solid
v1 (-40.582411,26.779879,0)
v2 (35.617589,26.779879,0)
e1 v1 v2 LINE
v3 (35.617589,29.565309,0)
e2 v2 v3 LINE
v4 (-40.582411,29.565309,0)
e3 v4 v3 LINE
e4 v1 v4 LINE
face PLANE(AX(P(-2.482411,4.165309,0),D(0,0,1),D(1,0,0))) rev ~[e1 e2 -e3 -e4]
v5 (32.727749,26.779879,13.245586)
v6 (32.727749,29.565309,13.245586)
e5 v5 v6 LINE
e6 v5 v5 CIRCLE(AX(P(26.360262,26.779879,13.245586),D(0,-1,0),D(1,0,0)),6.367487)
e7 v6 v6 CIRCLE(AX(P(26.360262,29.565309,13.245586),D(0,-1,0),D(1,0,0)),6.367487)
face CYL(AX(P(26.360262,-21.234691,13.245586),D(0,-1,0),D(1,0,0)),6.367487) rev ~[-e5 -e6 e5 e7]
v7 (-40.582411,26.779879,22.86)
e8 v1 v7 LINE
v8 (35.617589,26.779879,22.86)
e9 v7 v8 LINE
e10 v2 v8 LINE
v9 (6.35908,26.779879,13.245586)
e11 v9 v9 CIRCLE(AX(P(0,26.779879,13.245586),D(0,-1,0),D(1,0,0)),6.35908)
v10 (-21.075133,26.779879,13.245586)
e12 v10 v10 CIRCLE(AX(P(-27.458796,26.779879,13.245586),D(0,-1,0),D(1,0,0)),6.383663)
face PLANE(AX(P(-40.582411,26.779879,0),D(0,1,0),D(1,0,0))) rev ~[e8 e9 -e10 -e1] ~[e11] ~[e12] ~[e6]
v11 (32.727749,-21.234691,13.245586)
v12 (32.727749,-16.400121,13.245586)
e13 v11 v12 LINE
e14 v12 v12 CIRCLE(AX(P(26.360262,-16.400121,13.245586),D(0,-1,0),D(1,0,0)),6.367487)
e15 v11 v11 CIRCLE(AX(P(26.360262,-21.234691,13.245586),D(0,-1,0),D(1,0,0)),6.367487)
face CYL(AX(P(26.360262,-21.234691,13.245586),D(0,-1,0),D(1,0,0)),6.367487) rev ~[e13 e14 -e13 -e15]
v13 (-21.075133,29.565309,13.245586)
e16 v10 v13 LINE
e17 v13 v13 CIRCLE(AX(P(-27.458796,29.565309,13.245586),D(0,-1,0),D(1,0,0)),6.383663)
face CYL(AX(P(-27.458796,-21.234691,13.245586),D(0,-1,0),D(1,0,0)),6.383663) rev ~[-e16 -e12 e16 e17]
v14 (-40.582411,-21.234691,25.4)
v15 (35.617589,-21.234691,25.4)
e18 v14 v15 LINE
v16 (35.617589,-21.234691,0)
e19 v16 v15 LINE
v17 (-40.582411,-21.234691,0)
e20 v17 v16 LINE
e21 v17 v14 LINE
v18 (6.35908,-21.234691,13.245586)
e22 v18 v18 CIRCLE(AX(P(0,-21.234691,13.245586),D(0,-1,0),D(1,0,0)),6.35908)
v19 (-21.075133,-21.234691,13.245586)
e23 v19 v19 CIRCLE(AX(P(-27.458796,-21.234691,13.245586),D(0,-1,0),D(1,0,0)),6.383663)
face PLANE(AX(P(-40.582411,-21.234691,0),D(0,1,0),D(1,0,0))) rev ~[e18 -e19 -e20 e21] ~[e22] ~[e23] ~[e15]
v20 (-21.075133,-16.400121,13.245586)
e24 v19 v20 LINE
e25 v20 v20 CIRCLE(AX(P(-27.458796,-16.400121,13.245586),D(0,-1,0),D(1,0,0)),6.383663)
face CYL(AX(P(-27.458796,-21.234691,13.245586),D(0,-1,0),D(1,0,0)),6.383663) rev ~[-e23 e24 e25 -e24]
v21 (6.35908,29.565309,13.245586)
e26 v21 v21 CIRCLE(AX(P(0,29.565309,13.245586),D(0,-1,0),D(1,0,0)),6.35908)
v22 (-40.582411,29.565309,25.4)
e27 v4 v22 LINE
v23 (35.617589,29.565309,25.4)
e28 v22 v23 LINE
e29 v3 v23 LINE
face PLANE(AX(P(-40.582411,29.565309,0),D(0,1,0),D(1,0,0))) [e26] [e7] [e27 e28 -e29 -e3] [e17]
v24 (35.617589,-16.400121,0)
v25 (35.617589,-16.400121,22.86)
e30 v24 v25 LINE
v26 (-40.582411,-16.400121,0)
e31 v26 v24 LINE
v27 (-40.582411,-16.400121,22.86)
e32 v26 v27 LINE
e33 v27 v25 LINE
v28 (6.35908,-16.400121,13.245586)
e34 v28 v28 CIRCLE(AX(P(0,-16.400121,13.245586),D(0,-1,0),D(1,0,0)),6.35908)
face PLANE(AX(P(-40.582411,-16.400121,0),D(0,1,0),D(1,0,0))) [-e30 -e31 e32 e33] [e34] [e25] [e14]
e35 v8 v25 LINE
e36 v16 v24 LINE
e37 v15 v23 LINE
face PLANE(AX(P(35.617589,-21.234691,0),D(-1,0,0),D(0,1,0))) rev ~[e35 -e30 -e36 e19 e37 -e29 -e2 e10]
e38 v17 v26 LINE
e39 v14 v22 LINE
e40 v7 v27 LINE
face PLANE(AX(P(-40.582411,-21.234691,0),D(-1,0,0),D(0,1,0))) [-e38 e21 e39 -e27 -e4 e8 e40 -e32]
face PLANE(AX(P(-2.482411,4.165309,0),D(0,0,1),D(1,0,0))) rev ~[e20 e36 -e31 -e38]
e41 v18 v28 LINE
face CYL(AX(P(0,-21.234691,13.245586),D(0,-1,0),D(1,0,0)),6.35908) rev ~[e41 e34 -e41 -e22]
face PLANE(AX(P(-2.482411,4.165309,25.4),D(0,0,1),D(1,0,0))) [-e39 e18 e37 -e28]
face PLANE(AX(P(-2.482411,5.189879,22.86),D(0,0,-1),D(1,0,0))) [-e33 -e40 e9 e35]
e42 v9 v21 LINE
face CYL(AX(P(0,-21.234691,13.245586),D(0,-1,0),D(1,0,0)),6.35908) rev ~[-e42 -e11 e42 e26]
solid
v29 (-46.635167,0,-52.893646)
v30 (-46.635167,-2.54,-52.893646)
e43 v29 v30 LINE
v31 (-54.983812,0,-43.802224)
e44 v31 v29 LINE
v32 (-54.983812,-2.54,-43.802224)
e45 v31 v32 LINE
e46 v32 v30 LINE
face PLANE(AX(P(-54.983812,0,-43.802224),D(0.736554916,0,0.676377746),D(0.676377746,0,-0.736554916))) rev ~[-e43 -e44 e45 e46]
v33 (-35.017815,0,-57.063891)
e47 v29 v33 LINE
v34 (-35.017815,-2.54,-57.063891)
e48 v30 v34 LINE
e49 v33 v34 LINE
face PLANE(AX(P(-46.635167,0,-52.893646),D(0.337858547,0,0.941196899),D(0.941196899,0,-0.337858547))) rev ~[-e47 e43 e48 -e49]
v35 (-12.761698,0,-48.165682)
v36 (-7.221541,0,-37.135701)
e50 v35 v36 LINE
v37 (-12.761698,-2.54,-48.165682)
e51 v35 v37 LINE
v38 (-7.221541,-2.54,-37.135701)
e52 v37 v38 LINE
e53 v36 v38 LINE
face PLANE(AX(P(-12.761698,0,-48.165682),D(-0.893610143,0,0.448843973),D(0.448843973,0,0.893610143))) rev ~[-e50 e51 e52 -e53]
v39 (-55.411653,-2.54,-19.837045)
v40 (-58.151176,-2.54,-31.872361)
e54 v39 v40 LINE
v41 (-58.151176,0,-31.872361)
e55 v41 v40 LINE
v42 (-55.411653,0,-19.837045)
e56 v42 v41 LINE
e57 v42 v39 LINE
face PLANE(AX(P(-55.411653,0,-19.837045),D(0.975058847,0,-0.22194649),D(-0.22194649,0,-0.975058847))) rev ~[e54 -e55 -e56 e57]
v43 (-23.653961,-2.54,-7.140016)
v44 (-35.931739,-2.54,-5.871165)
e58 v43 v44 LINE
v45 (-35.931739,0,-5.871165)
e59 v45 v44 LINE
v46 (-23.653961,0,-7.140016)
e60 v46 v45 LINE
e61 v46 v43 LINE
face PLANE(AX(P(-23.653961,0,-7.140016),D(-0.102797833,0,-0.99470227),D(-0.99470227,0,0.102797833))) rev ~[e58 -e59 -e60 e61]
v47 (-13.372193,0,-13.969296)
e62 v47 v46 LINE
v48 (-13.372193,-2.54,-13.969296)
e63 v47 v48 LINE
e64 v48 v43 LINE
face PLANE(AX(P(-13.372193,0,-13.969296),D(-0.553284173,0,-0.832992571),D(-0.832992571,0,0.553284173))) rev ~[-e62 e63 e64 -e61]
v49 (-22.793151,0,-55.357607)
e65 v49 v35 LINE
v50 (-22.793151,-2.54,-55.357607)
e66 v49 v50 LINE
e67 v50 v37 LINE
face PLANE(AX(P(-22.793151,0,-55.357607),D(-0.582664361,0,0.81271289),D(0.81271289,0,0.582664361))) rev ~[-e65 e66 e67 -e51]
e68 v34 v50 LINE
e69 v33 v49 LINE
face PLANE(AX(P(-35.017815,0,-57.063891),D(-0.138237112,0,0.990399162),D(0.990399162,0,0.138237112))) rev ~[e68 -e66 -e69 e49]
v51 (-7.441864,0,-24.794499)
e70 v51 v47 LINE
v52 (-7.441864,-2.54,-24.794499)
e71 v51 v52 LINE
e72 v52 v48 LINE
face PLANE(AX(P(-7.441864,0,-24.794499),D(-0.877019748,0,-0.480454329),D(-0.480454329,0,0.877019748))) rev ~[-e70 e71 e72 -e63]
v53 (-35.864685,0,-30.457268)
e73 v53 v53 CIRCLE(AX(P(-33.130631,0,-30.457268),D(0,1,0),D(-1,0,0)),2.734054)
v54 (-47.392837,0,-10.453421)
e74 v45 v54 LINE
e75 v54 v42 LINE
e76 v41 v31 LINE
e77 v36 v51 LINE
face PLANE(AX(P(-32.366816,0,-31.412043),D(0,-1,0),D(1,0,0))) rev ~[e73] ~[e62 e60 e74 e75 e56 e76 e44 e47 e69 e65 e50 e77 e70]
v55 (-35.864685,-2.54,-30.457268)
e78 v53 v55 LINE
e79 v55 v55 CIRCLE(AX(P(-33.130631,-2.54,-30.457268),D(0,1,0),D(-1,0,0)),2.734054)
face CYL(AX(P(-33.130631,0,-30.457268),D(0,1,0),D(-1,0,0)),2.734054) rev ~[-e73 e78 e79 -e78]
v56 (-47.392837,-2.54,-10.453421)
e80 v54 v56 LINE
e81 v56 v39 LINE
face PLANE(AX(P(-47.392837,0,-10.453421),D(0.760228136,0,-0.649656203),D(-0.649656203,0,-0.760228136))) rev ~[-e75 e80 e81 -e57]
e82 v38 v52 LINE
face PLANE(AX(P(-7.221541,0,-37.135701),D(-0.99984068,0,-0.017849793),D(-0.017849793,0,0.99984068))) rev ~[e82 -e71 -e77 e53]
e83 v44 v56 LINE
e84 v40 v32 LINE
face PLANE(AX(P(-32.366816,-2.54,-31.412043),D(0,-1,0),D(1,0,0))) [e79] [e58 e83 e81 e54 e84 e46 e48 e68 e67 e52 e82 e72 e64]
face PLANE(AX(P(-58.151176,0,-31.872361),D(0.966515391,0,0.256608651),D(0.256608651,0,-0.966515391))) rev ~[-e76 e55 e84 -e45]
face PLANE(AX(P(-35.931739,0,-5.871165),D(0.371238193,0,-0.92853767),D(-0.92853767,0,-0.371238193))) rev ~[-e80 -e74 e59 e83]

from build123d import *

# Parameters (mm, degrees)
F0_W     = 76.2
F0_H     = 50.8
F1_DEPTH = 25.4
F2_W     = 76.2
F2_H     = 43.18
F3_DEPTH = 22.86
F4_R     = 6.383663
F4_R_2   = 6.35908
F4_R_3   = 6.367487
F5_DEPTH = 78.74
F7_DEPTH = 2.54
F8_R     = 2.734054
F9_DEPTH = 25.4


with BuildPart() as f1:
    # F0 (on Top) → F1 (new body)
    with BuildSketch(Plane.XY):
        with Locations((-2.482411, 4.165309)):
            Rectangle(F0_W, F0_H)
    extrude(amount=F1_DEPTH)

    # F2 (on face) → F3 (cut)
    with BuildSketch(Plane(origin=(0, 0, 0), x_dir=(1, 0, 0), z_dir=(0, 0, -1))):
        with Locations((-2.482411, -5.189879)):
            Rectangle(F2_W, F2_H)
    extrude(amount=-F3_DEPTH, mode=Mode.SUBTRACT)

    # F4 (on face) → F5 (cut)
    with BuildSketch(Plane.XZ.offset(21.234691)):
        with Locations((-27.458796, 13.245586)):
            Circle(F4_R)
        with Locations((0, 13.245586)):
            Circle(F4_R_2)
        with Locations((26.360262, 13.245586)):
            Circle(F4_R_3)
    extrude(amount=-F5_DEPTH, mode=Mode.SUBTRACT)


with BuildPart() as f7:
    # F6 (on Front) → F7 (new body)
    with BuildSketch(Plane.XZ):
        Polygon((-7.441864, -24.794499), (-13.372193, -13.969296), (-23.653961, -7.140016), (-35.931739, -5.871165), (-47.392837, -10.453421), (-55.411653, -19.837045), (-58.151176, -31.872361), (-54.983812, -43.802224), (-46.635167, -52.893646), (-35.017815, -57.063891), (-22.793151, -55.357607), (-12.761698, -48.165682), (-7.221541, -37.135701), align=None)
    extrude(amount=F7_DEPTH)

    # F8 (on face) → F9 (cut)
    with BuildSketch(Plane(origin=(0, 0, 0), x_dir=(-1, 0, 0), z_dir=(0, 1, 0))):
        with Locations((33.130631, -30.457268)):
            Circle(F8_R)
    extrude(amount=-F9_DEPTH, mode=Mode.SUBTRACT)


solid = Compound([f1.part, f7.part])
